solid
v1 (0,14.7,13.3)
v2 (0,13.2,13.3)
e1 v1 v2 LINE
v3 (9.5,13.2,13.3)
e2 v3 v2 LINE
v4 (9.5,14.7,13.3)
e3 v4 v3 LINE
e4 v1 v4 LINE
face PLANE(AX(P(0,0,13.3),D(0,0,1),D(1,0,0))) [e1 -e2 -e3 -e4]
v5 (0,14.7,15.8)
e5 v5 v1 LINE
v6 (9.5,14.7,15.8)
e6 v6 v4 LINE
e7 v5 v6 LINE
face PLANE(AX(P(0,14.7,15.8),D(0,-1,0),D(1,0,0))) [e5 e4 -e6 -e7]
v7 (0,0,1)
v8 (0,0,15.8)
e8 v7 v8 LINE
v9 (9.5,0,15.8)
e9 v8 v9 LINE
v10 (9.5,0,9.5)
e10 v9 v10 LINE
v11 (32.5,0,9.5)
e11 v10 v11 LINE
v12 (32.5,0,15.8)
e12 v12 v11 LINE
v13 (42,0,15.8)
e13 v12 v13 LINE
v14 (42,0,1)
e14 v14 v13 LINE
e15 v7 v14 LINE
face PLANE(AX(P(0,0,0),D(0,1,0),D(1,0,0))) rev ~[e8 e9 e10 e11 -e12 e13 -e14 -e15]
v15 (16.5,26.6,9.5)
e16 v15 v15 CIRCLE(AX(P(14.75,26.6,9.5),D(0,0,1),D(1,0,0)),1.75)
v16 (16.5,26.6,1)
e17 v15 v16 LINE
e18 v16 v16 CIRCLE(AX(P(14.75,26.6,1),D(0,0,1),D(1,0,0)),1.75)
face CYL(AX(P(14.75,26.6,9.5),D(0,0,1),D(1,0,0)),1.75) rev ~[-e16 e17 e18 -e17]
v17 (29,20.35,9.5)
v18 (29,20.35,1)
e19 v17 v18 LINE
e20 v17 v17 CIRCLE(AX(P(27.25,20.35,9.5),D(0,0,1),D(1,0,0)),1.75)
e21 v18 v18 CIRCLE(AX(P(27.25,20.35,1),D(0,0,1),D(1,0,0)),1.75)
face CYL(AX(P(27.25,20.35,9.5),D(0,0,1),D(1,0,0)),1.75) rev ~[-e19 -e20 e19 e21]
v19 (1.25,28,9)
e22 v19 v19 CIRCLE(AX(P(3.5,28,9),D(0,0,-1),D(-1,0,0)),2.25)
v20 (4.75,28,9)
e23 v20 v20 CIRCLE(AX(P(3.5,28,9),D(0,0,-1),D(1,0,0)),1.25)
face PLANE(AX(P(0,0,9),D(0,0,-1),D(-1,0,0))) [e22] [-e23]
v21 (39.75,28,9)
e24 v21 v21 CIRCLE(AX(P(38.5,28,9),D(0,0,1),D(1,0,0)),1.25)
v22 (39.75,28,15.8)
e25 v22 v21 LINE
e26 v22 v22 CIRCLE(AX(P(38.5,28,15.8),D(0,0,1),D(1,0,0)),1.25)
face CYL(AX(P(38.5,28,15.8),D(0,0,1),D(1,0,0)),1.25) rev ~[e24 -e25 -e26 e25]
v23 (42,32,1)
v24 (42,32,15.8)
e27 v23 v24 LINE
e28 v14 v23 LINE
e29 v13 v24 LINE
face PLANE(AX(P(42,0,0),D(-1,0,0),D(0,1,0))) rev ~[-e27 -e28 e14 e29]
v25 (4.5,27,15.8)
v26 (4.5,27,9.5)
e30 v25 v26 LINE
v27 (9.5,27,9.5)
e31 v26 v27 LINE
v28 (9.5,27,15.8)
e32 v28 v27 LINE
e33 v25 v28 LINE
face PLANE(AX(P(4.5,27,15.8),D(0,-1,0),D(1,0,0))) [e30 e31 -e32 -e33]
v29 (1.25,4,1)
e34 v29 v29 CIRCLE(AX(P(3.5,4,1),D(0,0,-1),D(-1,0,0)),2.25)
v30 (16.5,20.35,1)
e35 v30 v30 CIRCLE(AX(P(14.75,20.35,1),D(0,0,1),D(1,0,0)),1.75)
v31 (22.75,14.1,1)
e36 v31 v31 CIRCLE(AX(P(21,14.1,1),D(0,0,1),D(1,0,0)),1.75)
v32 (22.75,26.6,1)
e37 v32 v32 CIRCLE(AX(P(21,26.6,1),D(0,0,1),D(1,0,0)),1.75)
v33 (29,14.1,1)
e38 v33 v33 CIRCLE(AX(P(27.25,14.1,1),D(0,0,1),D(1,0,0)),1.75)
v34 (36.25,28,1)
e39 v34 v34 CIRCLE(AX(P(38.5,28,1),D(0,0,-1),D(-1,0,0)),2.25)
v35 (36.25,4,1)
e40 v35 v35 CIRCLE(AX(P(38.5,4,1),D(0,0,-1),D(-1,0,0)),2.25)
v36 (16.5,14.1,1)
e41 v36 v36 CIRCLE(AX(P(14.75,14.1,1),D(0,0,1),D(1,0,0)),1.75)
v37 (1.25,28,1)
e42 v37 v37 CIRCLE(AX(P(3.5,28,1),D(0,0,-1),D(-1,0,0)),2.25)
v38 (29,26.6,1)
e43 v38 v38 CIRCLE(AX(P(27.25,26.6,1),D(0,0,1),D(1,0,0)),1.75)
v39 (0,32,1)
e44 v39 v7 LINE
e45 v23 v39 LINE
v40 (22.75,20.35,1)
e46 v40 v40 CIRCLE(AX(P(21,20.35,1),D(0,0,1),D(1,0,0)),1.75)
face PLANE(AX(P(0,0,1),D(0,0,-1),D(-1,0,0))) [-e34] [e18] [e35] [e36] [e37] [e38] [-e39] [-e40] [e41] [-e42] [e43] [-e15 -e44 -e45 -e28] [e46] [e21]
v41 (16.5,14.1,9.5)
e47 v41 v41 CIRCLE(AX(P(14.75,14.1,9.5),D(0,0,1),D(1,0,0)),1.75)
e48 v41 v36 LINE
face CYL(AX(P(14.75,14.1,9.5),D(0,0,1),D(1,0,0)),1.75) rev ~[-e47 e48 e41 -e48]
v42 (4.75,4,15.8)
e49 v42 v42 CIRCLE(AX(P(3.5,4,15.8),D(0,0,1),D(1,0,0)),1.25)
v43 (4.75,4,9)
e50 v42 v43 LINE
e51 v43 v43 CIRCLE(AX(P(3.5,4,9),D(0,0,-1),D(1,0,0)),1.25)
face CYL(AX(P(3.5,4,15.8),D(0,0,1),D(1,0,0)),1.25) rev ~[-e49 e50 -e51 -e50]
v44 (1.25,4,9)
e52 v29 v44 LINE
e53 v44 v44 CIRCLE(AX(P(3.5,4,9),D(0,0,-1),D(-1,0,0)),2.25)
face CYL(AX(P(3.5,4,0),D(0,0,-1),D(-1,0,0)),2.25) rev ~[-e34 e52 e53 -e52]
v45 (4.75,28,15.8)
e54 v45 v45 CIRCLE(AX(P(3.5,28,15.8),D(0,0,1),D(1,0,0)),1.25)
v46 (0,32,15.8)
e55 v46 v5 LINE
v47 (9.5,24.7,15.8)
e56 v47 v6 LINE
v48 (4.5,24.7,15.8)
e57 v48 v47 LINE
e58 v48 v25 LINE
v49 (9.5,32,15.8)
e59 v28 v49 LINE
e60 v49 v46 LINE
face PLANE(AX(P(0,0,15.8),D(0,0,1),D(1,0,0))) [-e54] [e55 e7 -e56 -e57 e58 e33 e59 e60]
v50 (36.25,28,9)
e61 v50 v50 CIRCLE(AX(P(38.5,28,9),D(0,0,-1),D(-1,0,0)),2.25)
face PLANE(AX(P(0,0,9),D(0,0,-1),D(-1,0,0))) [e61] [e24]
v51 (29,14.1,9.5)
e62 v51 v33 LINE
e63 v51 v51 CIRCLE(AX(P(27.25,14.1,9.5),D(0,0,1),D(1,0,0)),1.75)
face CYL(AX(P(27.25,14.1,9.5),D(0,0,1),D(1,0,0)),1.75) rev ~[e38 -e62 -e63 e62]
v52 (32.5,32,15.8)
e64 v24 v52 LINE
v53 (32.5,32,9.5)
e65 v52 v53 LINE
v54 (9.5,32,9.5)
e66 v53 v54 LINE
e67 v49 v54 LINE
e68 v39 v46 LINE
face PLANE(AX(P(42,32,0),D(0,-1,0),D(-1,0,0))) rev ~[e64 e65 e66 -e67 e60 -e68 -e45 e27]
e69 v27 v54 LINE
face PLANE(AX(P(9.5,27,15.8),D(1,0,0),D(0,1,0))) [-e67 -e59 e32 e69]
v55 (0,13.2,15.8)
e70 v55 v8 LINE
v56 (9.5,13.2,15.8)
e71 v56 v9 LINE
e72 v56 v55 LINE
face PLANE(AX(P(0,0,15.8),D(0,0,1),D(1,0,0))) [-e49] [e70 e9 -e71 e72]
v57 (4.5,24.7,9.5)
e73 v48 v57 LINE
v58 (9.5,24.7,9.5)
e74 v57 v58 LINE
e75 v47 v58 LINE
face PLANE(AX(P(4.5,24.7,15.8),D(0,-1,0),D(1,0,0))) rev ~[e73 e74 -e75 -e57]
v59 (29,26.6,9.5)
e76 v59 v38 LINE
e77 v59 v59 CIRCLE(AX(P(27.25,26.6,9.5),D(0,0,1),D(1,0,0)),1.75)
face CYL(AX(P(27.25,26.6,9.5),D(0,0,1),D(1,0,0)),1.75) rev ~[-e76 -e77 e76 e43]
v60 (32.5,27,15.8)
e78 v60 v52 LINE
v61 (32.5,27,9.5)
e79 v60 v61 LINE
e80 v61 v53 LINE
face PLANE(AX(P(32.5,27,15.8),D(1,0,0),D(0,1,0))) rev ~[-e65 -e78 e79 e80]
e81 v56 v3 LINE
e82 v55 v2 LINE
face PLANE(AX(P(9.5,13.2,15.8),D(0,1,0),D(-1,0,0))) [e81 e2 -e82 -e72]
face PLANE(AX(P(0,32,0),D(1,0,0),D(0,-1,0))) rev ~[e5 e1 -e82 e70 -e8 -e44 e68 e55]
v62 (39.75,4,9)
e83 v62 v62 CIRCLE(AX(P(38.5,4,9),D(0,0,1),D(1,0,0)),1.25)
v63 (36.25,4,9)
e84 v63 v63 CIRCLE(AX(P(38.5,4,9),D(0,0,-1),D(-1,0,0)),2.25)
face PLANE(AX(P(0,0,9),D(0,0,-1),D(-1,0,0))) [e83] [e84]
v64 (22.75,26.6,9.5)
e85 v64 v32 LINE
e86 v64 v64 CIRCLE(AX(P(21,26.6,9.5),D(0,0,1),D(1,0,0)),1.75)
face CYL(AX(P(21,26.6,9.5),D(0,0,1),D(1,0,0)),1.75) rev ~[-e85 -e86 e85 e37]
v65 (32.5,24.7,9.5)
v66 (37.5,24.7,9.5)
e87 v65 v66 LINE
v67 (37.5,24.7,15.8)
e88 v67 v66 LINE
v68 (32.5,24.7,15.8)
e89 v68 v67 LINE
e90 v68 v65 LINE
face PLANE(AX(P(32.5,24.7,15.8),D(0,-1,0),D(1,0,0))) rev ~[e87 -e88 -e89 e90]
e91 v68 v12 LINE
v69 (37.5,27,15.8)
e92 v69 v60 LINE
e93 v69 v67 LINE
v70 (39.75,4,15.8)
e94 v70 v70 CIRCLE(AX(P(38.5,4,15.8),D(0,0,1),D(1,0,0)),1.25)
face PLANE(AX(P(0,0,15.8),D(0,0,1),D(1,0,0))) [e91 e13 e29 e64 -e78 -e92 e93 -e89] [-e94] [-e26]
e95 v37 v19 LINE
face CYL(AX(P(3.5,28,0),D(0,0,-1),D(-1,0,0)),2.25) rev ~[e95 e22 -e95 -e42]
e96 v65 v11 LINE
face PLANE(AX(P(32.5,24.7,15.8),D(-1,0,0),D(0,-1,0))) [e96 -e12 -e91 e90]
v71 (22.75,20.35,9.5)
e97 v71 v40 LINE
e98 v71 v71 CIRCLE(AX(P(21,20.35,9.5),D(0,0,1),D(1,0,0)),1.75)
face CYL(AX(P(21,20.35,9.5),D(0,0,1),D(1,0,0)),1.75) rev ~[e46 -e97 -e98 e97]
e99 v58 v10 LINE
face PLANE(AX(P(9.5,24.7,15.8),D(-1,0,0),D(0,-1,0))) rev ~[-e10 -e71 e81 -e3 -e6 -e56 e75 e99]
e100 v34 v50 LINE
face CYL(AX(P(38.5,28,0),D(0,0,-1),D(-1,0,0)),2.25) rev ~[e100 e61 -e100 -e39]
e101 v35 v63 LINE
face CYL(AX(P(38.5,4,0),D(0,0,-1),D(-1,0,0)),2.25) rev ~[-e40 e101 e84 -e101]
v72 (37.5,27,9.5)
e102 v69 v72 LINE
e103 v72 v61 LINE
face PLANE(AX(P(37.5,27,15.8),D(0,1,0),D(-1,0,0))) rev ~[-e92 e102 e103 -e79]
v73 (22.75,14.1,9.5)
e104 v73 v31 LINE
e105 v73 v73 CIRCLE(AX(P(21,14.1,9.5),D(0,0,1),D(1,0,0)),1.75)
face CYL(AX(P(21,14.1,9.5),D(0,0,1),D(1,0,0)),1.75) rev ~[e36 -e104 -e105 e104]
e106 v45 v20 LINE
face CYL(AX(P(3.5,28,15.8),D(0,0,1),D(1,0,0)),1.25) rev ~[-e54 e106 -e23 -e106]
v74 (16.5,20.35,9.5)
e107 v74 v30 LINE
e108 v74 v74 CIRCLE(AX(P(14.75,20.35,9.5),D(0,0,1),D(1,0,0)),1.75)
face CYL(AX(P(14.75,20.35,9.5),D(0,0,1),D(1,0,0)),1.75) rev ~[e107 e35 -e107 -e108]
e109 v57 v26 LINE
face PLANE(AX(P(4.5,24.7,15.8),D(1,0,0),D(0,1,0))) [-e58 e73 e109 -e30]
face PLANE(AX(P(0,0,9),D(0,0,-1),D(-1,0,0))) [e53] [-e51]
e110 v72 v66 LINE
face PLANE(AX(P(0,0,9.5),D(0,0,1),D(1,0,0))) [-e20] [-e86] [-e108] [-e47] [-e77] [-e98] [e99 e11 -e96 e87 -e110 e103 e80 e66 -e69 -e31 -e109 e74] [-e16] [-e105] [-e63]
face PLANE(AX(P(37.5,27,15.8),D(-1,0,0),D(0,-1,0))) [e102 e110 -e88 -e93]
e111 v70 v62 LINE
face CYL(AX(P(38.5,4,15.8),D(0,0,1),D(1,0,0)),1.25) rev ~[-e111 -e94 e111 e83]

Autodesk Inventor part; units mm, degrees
ref_plane "YZ Plane" through (0, 0, 0) normal (1, 0, 0) x (0, 1, 0)
ref_plane "XZ Plane" through (0, 0, 0) normal (0, 1, 0) x (-1, 0, 0)
ref_plane "XY Plane" through (0, 0, 0) normal (0, 0, 1) x (1, 0, 0)
sketch "Sketch2" plane through (0, 0, 0) normal (0, 0, 1) x (1, 0, 0)
  line L0 (0, 0) -> (42, 0)
  line L1 (42, 0) -> (42, 32)
  line L2 (42, 32) -> (0, 32)
  line L3 (0, 32) -> (0, 0)
  dimension "d0" = 42
  dimension "d1" = 32
extrude "Cover_Body" add sketch "Sketch2" along normal blind 15.8
sketch "Sketch4" plane through (0, 0, 15.8) normal (0, 0, 1) x (1, 0, 0)
  line L0 (42, 32) -> (0, 32) projected
  line L1 (0, 32) -> (0, 0) projected
  line L2 (4.5, 24.7) -> (9.5, 24.7)
  line L3 (32.5, 24.7) -> (37.5, 24.7)
  line L4 (42, 0) -> (42, 32) projected
  line L5 (0, 0) -> (42, 0) projected
  line L6 (4.5, 24.7) -> (4.5, 27)
  line L7 (4.5, 27) -> (9.5, 27)
  line L8 (9.5, 27) -> (9.5, 32)
  line L9 (37.5, 27) -> (37.5, 24.7)
  line L10 (37.5, 27) -> (32.5, 27)
  line L11 (32.5, 27) -> (32.5, 32)
  line L12 (9.5, 32) -> (32.5, 32)
  line L13 (21, 36.5125) -> (21, -47.625) construction
  line L14 (32.5, 24.7) -> (32.5, 0)
  line L15 (9.5, 24.7) -> (9.5, 0)
  line L16 (9.5, 0) -> (32.5, 0)
  point P0 (4.9935, 32)
  point P1 (37, 32)
  dimension "d6" = 5
  dimension "d14" = 2.3
  dimension "d15" = 2.3
  dimension "d22" = 42
  dimension "d23" = 21
  dimension "d24" = 23
  dimension "d28" = 5
  dimension "d118" = 23
  dimension "d119" = 11.5
  dimension "d120" = 11.5
  dimension "d121" = 24.7
extrude "Servo_Opening" cut sketch "Sketch4" against normal blind 6.3 contours L11 L10 L9 L3 L14 L5 L15 L2 L6 L7 L8 L0
sketch "Sketch5" plane through (0, 0, 15.8) normal (0, 0, 1) x (1, 0, 0)
  line L0 (0, 32) -> (0, 0) projected
  line L1 (0, 13.2) -> (0, 14.7)
  line L2 (-29.647, 13.95) -> (54.8226, 13.95) construction
  line L3 (0, 0) -> (42, 0) projected
  line L4 (0, 14.7) -> (9.5, 14.7)
  line L5 (9.5, 14.7) -> (9.5, 13.2)
  line L6 (9.5, 13.2) -> (0, 13.2)
  line L7 (9.5, 0) -> (9.5, 24.7) projected
  line L8 (9.5, 32) -> (0, 32) projected
  dimension "d97" = 1.5
  dimension "d131" = 13.2
extrude "Cable_Opening" cut sketch "Sketch5" against normal blind 2.5 contours L4 L5 L6 L0
sketch "Sketch6" plane through (0, 0, 15.8) normal (0, 0, 1) x (1, 0, 0)
  circle A0 centre (3.5, 28) radius 1.25
  circle A1 centre (38.5, 28) radius 1.25
  circle A2 centre (38.5, 4) radius 1.25
  circle A3 centre (3.5, 4) radius 1.25
  line L0 (21, 34.35) -> (21, -13.275) construction
  line L1 (-20.6375, 16) -> (66.675, 16) construction
  line L2 (42, 0) -> (42, 32) projected
  line L3 (0, 32) -> (0, 0) projected
  line L4 (9.5, 32) -> (0, 32) projected
  line L5 (0, 0) -> (42, 0) projected
  point P0 (42, 12.35)
  point P1 (0, 12.35)
  dimension "d29" = 2.5
  dimension "d30" = 2.5
  dimension "d31" = 2.5
  dimension "d32" = 2.5
  dimension "d33" = 42
  dimension "d34" = 21
  dimension "d35" = 32
  dimension "d36" = 16
  dimension "d37" = 35
  dimension "d38" = 17.5
  dimension "d39" = 24
  dimension "d40" = 12
extrude "Cover_Mounting_Holes" cut sketch "Sketch6" against normal up to surface (15.8 mm away)
sketch "Sketch16" plane through (0, 0, 0) normal (0, 0, -1) x (-1, 0, 0)
  circle A0 centre (-3.5, 4) radius 2.25
  circle A1 centre (-3.5, 4) radius 1.25 projected
  circle A2 centre (-38.5, 4) radius 2.25
  circle A3 centre (-3.5, 28) radius 2.25
  circle A4 centre (-38.5, 28) radius 2.25
  circle A5 centre (-38.5, 4) radius 1.25 projected
  circle A6 centre (-38.5, 28) radius 1.25 projected
  circle A7 centre (-3.5, 28) radius 1.25 projected
  point P0 (0, 0)
  dimension "d98" = 4.5
  dimension "d99" = 4.5
  dimension "d100" = 4.5
  dimension "d101" = 4.5
extrude "Slot_Mounting_ScrewsHead" cut sketch "Sketch16" against normal blind 9
sketch "Sketch17" plane through (0, 0, 9.5) normal (0, 0, 1) x (1, 0, 0)
  circle A0 centre (14.75, 26.6) radius 1.75
  line L0 (9.5, 32) -> (32.5, 32) projected
  line L1 (9.5, 27) -> (9.5, 32) projected
  point P0 (0, 0)
  dimension "d105" = 3.5
  dimension "d106" = 5.4
  dimension "d107" = 5.25
extrude "Heat_Dissipation_Hole" cut sketch "Sketch17" against normal up to surface (9.5 mm away)
pattern_linear "Pattern_Heat_Dissipation_Hole" count 3 spacing 6.25 along (1, 0, 0) count 3 spacing 6.25 along (0, -1, 0) of "Heat_Dissipation_Hole"
sketch "Sketch20" plane through (0, 0, 0) normal (0, 0, -1) x (-1, 0, 0)
  line L0 (-42, 0) -> (-42, 32) projected
  line L1 (0, 0) -> (-42, 0)
  line L2 (-42, 0) -> (-42, 32)
  line L3 (-42, 32) -> (0, 32)
  line L4 (0, 32) -> (0, 0)
extrude "Material reduction for PLA printing only" cut sketch "Sketch20" against normal blind 1
equation "\"d15\" = d14"
equation "\"d23\" = 0.5 * d22"
equation "\"d28\" = d6"
equation "\"d120\" = 0.5 * d118"
equation "\"d34\" = 0.5 * d33"
equation "\"d36\" = 0.5 * d35"
equation "\"d38\" = 0.5 * d37"
equation "\"d40\" = 0.5 * d39"
equation "\"d98\" = d99"
equation "\"d99\" = d101"
equation "\"d100\" = d101"
properties part number "Module_Cover"
